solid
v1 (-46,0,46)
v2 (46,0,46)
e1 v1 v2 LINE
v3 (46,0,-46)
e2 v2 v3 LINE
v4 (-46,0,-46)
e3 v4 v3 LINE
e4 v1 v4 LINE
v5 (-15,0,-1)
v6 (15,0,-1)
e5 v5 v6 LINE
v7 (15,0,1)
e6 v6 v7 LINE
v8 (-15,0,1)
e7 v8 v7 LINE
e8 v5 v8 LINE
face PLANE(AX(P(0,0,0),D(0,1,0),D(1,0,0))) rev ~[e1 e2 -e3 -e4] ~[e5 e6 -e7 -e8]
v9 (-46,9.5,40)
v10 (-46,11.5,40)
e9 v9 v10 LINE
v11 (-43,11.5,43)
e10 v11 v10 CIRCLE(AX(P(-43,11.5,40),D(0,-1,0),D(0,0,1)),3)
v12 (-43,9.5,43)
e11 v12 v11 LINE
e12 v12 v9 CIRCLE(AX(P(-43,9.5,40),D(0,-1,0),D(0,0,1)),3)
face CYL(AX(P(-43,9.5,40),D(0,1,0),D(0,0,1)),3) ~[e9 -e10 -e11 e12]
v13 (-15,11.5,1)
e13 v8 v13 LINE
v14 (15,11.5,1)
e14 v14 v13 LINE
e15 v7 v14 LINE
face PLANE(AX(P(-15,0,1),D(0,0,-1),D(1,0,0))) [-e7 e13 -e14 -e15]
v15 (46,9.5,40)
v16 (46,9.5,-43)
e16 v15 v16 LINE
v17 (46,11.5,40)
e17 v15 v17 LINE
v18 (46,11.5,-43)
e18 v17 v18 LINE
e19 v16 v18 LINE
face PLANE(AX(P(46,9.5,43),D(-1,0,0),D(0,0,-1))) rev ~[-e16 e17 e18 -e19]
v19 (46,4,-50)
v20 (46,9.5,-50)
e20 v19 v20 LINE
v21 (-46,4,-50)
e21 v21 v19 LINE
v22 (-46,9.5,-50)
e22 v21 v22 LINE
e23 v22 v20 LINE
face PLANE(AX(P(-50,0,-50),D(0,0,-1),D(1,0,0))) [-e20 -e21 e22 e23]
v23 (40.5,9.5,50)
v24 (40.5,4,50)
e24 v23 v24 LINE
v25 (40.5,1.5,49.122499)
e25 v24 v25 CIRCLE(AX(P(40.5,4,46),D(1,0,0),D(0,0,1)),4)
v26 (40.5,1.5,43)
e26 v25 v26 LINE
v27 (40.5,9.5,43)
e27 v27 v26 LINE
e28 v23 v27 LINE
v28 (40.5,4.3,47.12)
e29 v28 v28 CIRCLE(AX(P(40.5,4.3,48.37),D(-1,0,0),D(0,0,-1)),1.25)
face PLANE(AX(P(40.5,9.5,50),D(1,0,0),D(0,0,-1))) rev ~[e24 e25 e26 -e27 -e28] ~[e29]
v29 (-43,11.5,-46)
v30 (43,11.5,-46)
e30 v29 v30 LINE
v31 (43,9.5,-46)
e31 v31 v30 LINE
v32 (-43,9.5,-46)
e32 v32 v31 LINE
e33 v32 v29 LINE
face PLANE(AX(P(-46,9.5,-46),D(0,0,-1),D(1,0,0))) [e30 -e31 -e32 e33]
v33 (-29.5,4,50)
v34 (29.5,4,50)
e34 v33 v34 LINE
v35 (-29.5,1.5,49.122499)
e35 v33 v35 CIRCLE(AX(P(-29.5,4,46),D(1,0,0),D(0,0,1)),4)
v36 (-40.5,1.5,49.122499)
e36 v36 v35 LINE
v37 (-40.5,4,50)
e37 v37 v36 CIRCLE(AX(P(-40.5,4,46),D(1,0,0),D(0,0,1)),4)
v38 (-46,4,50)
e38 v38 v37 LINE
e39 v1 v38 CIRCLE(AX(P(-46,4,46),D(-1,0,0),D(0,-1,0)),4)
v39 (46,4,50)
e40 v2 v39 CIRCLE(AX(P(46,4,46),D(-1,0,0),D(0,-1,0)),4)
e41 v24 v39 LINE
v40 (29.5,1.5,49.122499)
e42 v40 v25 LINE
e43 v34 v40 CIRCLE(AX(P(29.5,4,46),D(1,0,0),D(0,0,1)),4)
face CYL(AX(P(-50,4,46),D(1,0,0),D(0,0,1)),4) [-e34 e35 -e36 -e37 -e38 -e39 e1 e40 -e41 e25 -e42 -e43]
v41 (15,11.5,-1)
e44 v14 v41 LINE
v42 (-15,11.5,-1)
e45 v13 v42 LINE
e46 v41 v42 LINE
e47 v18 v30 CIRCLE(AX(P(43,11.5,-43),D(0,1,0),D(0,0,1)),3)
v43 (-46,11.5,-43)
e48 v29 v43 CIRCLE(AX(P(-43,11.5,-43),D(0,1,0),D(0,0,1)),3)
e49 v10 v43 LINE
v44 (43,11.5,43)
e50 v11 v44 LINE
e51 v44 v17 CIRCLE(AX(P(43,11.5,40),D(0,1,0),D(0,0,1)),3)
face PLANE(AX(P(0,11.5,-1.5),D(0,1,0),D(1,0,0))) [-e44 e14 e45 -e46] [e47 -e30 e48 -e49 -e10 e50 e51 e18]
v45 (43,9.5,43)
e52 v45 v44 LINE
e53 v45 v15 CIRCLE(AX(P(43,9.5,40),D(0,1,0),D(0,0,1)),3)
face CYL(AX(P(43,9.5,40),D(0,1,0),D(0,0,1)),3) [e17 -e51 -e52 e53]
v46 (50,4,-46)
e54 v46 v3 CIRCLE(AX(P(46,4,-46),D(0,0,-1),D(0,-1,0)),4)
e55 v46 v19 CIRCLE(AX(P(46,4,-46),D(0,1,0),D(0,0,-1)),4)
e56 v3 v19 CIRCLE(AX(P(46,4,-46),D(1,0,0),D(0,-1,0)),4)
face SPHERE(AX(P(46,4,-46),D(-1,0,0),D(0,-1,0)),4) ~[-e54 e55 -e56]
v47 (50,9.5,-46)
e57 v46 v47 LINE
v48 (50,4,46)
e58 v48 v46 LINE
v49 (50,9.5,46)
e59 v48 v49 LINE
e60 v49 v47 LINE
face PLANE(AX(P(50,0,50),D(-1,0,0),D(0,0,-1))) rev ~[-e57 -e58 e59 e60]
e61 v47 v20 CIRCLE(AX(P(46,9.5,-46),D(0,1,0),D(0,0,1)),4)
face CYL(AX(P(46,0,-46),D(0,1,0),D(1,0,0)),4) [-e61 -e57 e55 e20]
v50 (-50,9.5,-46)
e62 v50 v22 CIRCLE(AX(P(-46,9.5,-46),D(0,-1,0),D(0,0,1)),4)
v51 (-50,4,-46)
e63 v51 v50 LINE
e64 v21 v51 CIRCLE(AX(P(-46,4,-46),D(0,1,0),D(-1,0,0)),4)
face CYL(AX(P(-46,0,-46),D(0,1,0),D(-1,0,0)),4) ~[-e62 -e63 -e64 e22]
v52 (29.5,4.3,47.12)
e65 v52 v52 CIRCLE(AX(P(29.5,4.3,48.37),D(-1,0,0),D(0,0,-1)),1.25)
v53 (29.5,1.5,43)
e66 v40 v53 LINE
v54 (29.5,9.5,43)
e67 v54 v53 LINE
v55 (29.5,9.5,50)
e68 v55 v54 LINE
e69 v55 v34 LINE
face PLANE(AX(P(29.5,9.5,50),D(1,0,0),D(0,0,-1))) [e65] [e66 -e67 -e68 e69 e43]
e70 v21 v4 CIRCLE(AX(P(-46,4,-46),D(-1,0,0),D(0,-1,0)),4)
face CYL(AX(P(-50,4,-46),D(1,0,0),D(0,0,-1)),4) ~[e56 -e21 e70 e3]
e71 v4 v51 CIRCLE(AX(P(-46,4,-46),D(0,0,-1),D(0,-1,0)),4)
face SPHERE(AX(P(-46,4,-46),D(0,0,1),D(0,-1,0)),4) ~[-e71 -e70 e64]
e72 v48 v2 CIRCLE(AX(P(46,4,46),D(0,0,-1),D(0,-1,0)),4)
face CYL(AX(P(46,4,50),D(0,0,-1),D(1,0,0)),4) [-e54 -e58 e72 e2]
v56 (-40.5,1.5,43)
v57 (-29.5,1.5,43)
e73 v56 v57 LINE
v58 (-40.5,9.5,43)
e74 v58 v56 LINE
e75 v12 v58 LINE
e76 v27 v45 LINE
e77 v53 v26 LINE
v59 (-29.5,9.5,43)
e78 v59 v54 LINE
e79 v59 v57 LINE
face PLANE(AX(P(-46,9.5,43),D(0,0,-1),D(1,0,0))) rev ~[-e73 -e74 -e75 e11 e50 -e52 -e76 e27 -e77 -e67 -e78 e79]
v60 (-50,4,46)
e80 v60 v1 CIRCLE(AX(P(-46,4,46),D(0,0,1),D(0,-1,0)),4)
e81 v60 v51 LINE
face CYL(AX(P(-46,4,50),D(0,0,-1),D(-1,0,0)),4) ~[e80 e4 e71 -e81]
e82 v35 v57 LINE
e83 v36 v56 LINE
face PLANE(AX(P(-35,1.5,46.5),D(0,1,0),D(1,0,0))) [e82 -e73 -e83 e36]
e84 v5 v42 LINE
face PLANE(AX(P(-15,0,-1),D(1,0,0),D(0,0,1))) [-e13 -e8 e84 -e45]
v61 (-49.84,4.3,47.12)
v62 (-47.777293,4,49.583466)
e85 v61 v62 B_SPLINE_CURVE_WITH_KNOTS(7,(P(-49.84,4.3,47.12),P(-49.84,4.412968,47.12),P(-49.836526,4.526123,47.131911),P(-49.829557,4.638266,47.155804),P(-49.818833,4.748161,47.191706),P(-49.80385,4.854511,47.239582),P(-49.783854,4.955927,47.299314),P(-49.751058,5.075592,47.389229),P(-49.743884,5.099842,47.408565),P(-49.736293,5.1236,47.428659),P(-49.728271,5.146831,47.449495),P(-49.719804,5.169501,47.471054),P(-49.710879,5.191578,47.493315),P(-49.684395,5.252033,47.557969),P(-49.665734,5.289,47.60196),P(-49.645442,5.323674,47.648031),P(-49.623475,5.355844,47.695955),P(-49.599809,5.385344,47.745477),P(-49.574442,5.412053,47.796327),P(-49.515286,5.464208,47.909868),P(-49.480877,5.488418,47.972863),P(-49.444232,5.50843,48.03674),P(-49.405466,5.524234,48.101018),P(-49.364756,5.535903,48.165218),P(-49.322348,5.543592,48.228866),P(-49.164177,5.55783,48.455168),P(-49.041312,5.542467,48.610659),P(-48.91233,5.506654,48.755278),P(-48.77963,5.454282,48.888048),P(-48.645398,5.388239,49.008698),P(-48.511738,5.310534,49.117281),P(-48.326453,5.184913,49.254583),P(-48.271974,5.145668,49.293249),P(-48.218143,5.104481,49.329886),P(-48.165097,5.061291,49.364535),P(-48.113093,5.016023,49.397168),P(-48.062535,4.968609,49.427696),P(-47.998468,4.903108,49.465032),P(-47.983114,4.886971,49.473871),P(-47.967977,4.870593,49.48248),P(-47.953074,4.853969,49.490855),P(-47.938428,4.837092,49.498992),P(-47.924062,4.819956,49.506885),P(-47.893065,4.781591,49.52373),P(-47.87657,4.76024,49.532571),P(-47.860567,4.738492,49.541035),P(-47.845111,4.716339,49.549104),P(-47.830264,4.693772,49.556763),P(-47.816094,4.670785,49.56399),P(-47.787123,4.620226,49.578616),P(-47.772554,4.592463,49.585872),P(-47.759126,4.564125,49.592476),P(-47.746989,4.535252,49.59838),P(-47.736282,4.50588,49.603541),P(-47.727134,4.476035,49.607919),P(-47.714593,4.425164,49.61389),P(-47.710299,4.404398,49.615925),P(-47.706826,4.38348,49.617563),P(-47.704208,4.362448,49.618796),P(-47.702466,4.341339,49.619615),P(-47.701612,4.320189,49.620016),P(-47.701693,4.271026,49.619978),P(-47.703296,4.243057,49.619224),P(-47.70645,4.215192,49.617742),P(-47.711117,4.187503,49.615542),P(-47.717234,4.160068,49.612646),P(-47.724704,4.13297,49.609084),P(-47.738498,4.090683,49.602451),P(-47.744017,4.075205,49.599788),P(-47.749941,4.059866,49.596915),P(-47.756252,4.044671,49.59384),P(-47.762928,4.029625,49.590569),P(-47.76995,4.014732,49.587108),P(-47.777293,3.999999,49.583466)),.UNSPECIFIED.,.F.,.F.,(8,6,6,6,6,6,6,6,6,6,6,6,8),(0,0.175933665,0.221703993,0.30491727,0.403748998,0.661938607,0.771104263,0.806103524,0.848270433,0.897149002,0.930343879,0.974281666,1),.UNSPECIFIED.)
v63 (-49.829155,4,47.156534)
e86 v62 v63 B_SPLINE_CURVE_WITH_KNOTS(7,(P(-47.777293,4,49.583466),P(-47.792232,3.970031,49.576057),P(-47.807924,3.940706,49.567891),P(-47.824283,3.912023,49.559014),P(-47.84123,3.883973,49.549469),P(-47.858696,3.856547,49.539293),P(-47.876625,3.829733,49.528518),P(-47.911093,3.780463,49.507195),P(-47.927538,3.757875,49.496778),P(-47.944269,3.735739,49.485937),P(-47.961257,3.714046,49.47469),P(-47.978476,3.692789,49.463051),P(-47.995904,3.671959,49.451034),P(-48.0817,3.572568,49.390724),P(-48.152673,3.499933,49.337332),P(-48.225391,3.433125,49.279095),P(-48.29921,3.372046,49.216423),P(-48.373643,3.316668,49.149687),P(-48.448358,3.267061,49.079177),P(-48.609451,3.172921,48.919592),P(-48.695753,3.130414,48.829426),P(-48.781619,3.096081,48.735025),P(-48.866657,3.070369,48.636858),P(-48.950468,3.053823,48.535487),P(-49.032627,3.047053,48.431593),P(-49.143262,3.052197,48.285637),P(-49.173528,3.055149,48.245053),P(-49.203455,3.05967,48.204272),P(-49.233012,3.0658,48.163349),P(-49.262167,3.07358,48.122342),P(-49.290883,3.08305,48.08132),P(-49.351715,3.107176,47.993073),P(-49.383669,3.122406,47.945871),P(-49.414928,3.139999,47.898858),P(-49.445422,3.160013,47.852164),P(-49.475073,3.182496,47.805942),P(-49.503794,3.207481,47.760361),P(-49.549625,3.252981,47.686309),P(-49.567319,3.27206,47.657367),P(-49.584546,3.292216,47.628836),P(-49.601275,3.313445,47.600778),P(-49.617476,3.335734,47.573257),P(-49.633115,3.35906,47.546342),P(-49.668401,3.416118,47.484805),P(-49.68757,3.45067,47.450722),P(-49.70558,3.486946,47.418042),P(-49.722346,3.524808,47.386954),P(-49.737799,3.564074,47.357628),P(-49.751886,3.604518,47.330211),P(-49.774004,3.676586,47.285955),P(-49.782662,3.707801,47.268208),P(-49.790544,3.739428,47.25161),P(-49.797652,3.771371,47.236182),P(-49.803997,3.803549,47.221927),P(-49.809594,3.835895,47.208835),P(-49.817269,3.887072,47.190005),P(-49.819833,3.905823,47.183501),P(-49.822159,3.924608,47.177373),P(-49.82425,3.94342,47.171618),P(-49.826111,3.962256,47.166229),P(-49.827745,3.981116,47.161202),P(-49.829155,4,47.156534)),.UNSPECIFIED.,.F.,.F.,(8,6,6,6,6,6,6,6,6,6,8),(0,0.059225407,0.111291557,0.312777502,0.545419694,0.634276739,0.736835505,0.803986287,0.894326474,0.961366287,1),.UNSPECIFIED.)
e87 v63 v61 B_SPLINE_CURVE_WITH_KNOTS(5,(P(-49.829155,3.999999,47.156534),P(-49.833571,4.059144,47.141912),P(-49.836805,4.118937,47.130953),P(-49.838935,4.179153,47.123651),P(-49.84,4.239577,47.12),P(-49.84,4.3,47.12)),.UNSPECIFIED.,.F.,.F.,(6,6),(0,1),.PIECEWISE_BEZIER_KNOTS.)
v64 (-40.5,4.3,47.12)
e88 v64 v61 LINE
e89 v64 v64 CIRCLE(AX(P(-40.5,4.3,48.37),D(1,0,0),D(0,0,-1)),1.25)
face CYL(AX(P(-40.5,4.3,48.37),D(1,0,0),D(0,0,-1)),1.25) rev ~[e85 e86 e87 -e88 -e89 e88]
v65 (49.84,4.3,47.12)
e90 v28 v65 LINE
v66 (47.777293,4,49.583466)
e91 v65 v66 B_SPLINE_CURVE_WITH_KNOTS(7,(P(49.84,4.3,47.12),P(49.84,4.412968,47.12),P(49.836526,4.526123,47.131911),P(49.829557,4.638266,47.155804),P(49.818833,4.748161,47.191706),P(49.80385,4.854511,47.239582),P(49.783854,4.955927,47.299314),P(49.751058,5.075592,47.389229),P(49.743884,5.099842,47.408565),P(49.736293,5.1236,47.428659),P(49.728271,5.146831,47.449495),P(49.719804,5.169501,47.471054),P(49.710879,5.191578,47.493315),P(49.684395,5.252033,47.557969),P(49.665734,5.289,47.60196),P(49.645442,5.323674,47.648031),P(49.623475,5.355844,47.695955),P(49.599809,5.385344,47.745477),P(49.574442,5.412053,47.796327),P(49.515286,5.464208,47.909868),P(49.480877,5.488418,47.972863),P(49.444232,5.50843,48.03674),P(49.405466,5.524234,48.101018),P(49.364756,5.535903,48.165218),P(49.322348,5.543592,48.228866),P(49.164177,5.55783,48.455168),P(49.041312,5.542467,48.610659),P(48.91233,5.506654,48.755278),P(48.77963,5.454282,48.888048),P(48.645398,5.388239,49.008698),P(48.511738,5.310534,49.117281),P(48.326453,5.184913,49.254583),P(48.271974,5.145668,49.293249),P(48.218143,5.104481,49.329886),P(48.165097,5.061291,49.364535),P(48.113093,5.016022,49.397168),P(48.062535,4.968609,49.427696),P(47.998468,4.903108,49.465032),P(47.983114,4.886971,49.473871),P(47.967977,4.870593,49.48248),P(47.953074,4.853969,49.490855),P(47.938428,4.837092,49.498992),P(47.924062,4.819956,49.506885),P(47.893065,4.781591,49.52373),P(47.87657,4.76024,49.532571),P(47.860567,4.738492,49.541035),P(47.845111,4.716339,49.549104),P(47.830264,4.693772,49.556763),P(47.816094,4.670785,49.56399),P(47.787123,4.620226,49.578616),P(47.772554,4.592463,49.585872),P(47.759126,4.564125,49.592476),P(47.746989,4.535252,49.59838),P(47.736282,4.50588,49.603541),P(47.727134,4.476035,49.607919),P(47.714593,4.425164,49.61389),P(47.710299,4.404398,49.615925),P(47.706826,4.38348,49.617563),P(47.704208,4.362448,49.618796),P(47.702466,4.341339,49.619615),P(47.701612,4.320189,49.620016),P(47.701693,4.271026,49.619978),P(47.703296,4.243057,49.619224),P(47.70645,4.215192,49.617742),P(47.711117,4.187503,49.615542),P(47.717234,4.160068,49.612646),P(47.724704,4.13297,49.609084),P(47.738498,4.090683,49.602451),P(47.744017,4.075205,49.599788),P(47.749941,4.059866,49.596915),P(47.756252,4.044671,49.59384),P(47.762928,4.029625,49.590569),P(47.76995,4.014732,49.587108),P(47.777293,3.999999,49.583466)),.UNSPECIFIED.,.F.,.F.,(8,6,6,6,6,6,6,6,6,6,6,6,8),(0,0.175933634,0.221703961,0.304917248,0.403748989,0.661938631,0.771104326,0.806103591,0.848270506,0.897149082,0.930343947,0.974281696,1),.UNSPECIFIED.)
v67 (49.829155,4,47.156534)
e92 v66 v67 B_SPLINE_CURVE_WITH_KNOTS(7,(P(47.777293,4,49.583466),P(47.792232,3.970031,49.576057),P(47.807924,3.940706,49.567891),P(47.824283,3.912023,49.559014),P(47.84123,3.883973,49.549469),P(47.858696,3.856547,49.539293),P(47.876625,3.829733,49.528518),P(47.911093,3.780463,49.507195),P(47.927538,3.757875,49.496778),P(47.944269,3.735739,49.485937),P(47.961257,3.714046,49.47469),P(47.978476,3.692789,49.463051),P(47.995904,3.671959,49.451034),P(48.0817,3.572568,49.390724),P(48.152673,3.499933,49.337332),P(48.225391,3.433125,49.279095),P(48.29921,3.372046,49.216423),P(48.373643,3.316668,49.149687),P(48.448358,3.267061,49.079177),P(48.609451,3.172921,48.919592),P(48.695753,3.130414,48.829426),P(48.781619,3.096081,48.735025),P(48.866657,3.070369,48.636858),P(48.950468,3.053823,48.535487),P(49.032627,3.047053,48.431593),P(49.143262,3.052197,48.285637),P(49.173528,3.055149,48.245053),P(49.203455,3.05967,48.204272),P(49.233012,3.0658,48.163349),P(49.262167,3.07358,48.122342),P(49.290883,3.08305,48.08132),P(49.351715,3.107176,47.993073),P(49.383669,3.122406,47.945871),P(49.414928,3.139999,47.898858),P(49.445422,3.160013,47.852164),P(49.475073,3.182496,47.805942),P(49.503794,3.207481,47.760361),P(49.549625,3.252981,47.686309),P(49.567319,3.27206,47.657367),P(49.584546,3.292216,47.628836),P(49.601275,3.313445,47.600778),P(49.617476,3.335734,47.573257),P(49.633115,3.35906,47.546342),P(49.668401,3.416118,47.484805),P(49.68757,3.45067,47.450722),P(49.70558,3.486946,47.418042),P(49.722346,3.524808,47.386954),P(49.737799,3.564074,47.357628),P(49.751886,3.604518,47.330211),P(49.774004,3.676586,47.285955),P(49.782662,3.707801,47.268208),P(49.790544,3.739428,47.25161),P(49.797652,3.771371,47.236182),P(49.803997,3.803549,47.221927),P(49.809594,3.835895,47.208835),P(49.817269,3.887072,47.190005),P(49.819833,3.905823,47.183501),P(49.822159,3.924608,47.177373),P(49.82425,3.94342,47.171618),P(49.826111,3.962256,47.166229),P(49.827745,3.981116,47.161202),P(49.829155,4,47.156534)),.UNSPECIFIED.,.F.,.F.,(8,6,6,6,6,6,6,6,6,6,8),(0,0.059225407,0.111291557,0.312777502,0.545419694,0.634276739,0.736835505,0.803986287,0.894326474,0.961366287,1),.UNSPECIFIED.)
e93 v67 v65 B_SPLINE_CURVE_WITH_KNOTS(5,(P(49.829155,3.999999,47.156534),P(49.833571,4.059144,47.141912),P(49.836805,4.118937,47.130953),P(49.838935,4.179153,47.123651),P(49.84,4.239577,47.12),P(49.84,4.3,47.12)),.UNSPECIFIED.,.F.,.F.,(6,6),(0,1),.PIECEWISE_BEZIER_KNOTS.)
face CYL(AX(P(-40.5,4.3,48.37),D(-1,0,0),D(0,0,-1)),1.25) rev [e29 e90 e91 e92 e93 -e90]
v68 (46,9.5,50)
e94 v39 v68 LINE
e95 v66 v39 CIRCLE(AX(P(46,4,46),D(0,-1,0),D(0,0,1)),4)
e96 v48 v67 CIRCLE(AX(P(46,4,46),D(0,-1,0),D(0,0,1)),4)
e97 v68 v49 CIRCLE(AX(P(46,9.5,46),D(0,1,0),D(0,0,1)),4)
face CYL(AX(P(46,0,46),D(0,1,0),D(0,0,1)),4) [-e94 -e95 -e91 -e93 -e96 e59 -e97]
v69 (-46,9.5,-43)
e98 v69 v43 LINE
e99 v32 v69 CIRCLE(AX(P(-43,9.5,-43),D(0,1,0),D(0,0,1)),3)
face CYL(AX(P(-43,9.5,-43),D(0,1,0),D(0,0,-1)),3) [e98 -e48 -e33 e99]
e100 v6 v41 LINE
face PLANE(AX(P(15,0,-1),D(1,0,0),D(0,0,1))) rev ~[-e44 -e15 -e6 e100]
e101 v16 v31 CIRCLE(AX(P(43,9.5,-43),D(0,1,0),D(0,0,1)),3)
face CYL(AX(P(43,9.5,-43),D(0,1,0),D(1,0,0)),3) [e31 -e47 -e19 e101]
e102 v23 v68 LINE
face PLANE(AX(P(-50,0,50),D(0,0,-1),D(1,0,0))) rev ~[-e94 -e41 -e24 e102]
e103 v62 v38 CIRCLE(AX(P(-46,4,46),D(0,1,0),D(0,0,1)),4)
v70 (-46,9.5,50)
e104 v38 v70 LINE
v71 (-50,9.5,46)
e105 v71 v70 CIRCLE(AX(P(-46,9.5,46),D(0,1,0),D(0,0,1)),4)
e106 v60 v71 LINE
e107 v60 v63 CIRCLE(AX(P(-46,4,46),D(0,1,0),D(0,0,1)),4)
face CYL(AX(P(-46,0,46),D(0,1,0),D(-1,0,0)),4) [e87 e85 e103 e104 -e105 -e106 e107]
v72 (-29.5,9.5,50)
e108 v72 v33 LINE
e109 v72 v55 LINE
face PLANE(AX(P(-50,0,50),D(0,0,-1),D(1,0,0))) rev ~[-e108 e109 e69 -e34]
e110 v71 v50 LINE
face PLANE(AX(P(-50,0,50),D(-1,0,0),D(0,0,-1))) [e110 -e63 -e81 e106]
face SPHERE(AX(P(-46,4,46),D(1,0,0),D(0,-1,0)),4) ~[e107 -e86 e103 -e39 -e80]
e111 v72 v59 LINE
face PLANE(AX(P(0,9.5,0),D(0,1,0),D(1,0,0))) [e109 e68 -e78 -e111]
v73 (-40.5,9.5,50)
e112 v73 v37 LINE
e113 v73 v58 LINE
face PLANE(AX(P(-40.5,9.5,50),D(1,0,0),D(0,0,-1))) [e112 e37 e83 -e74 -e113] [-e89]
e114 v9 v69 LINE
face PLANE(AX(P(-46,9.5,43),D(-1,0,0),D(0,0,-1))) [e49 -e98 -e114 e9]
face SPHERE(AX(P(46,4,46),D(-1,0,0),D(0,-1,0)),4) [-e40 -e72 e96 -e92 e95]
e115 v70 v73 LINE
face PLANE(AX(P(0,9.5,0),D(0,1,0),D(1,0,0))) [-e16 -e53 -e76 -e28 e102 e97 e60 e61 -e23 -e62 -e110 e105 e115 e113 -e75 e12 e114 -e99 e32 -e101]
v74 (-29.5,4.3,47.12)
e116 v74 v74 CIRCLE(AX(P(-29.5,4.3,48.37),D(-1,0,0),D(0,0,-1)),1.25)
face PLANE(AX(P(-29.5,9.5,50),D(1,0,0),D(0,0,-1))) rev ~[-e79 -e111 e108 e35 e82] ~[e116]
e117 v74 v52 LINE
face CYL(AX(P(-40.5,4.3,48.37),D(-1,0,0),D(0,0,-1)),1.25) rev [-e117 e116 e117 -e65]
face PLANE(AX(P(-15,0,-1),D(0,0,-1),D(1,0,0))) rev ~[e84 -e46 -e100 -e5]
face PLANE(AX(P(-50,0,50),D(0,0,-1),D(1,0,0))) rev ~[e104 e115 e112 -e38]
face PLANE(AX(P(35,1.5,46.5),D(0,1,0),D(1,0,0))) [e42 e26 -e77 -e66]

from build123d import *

# Parameters (mm, degrees)
SKETCH_1_W               = 100
SKETCH_1_H               = 100
EXTRUDE_1_DEPTH          = 9.5
FILLET_1_R               = 4
SKETCH_3_W               = 92
SKETCH_3_H               = 89
EXTRUDE_2_DEPTH          = 2
FILLET_2_R               = 3
SKETCH_2_W               = 11
SKETCH_2_H               = 7
CUT_EXTRUDE_1_DEPTH      = 8
SKETCH_4_R               = 1.25
CUT_EXTRUDE_2_DEPTH      = 91.5
CUT_EXTRUDE_2_DEPTH_BACK = 10.5
SKETCH_5_W               = 30
SKETCH_5_H               = 2
CUT_EXTRUDE_3_DEPTH      = 12.5


with BuildPart() as part:
    # Эскиз1 → Бобышка-Вытянуть1 (new body)
    with BuildSketch(Plane(origin=(0, 0, 0), x_dir=(1, 0, 0), z_dir=(0, 1, 0))):
        Rectangle(SKETCH_1_W, SKETCH_1_H)
    extrude(amount=EXTRUDE_1_DEPTH)

    # Скругление1
    fillet_1_edges = [part.edges().sort_by_distance(p)[0] for p in [
        (0, 0, 50),
        (-50, 0, 0),
        (0, 0, -50),
        (50, 0, 0),
        (50, 4.75, 50),
        (-50, 4.75, 50),
        (-50, 4.75, -50),
        (50, 4.75, -50),
    ]]
    fillet(fillet_1_edges, radius=FILLET_1_R)

    # Эскиз3 → Бобышка-Вытянуть2 (add)
    with BuildSketch(Plane(origin=(0, 9.5, 0), x_dir=(1, 0, 0), z_dir=(0, 1, 0))):
        with Locations((0, 1.5)):
            Rectangle(SKETCH_3_W, SKETCH_3_H)
    extrude(amount=EXTRUDE_2_DEPTH)

    # Скругление2
    fillet_2_edges = [part.edges().sort_by_distance(p)[0] for p in [
        (46, 10.5, 43),
        (46, 10.5, -46),
        (-46, 10.5, -46),
        (-46, 10.5, 43),
    ]]
    fillet(fillet_2_edges, radius=FILLET_2_R)

    # Эскиз2 → Вырез-Вытянуть1 (cut)
    with BuildSketch(Plane(origin=(0, 9.5, 0), x_dir=(1, 0, 0), z_dir=(0, 1, 0))):
        with Locations((35, -46.5)):
            Rectangle(SKETCH_2_W, SKETCH_2_H)
        with Locations((-35, -46.5)):
            Rectangle(SKETCH_2_W, SKETCH_2_H)
    extrude(amount=-CUT_EXTRUDE_1_DEPTH, mode=Mode.SUBTRACT)

    # Эскиз4 → Вырез-Вытянуть2 (cut, two sides)
    with BuildSketch(Plane(origin=(-40.5, 0, 0), x_dir=(0, 0, -1), z_dir=(1, 0, 0))) as cut_extrude_2_sk:
        with Locations((-48.37, 4.3)):
            Circle(SKETCH_4_R)
    extrude(amount=CUT_EXTRUDE_2_DEPTH, mode=Mode.SUBTRACT)
    extrude(cut_extrude_2_sk.sketch, amount=-CUT_EXTRUDE_2_DEPTH_BACK, mode=Mode.SUBTRACT)

    # Эскиз5 → Вырез-Вытянуть3 (cut, through all)
    with BuildSketch(Plane.XZ):
        Rectangle(SKETCH_5_W, SKETCH_5_H)
    extrude(amount=-CUT_EXTRUDE_3_DEPTH, mode=Mode.SUBTRACT)


solid = part.part
